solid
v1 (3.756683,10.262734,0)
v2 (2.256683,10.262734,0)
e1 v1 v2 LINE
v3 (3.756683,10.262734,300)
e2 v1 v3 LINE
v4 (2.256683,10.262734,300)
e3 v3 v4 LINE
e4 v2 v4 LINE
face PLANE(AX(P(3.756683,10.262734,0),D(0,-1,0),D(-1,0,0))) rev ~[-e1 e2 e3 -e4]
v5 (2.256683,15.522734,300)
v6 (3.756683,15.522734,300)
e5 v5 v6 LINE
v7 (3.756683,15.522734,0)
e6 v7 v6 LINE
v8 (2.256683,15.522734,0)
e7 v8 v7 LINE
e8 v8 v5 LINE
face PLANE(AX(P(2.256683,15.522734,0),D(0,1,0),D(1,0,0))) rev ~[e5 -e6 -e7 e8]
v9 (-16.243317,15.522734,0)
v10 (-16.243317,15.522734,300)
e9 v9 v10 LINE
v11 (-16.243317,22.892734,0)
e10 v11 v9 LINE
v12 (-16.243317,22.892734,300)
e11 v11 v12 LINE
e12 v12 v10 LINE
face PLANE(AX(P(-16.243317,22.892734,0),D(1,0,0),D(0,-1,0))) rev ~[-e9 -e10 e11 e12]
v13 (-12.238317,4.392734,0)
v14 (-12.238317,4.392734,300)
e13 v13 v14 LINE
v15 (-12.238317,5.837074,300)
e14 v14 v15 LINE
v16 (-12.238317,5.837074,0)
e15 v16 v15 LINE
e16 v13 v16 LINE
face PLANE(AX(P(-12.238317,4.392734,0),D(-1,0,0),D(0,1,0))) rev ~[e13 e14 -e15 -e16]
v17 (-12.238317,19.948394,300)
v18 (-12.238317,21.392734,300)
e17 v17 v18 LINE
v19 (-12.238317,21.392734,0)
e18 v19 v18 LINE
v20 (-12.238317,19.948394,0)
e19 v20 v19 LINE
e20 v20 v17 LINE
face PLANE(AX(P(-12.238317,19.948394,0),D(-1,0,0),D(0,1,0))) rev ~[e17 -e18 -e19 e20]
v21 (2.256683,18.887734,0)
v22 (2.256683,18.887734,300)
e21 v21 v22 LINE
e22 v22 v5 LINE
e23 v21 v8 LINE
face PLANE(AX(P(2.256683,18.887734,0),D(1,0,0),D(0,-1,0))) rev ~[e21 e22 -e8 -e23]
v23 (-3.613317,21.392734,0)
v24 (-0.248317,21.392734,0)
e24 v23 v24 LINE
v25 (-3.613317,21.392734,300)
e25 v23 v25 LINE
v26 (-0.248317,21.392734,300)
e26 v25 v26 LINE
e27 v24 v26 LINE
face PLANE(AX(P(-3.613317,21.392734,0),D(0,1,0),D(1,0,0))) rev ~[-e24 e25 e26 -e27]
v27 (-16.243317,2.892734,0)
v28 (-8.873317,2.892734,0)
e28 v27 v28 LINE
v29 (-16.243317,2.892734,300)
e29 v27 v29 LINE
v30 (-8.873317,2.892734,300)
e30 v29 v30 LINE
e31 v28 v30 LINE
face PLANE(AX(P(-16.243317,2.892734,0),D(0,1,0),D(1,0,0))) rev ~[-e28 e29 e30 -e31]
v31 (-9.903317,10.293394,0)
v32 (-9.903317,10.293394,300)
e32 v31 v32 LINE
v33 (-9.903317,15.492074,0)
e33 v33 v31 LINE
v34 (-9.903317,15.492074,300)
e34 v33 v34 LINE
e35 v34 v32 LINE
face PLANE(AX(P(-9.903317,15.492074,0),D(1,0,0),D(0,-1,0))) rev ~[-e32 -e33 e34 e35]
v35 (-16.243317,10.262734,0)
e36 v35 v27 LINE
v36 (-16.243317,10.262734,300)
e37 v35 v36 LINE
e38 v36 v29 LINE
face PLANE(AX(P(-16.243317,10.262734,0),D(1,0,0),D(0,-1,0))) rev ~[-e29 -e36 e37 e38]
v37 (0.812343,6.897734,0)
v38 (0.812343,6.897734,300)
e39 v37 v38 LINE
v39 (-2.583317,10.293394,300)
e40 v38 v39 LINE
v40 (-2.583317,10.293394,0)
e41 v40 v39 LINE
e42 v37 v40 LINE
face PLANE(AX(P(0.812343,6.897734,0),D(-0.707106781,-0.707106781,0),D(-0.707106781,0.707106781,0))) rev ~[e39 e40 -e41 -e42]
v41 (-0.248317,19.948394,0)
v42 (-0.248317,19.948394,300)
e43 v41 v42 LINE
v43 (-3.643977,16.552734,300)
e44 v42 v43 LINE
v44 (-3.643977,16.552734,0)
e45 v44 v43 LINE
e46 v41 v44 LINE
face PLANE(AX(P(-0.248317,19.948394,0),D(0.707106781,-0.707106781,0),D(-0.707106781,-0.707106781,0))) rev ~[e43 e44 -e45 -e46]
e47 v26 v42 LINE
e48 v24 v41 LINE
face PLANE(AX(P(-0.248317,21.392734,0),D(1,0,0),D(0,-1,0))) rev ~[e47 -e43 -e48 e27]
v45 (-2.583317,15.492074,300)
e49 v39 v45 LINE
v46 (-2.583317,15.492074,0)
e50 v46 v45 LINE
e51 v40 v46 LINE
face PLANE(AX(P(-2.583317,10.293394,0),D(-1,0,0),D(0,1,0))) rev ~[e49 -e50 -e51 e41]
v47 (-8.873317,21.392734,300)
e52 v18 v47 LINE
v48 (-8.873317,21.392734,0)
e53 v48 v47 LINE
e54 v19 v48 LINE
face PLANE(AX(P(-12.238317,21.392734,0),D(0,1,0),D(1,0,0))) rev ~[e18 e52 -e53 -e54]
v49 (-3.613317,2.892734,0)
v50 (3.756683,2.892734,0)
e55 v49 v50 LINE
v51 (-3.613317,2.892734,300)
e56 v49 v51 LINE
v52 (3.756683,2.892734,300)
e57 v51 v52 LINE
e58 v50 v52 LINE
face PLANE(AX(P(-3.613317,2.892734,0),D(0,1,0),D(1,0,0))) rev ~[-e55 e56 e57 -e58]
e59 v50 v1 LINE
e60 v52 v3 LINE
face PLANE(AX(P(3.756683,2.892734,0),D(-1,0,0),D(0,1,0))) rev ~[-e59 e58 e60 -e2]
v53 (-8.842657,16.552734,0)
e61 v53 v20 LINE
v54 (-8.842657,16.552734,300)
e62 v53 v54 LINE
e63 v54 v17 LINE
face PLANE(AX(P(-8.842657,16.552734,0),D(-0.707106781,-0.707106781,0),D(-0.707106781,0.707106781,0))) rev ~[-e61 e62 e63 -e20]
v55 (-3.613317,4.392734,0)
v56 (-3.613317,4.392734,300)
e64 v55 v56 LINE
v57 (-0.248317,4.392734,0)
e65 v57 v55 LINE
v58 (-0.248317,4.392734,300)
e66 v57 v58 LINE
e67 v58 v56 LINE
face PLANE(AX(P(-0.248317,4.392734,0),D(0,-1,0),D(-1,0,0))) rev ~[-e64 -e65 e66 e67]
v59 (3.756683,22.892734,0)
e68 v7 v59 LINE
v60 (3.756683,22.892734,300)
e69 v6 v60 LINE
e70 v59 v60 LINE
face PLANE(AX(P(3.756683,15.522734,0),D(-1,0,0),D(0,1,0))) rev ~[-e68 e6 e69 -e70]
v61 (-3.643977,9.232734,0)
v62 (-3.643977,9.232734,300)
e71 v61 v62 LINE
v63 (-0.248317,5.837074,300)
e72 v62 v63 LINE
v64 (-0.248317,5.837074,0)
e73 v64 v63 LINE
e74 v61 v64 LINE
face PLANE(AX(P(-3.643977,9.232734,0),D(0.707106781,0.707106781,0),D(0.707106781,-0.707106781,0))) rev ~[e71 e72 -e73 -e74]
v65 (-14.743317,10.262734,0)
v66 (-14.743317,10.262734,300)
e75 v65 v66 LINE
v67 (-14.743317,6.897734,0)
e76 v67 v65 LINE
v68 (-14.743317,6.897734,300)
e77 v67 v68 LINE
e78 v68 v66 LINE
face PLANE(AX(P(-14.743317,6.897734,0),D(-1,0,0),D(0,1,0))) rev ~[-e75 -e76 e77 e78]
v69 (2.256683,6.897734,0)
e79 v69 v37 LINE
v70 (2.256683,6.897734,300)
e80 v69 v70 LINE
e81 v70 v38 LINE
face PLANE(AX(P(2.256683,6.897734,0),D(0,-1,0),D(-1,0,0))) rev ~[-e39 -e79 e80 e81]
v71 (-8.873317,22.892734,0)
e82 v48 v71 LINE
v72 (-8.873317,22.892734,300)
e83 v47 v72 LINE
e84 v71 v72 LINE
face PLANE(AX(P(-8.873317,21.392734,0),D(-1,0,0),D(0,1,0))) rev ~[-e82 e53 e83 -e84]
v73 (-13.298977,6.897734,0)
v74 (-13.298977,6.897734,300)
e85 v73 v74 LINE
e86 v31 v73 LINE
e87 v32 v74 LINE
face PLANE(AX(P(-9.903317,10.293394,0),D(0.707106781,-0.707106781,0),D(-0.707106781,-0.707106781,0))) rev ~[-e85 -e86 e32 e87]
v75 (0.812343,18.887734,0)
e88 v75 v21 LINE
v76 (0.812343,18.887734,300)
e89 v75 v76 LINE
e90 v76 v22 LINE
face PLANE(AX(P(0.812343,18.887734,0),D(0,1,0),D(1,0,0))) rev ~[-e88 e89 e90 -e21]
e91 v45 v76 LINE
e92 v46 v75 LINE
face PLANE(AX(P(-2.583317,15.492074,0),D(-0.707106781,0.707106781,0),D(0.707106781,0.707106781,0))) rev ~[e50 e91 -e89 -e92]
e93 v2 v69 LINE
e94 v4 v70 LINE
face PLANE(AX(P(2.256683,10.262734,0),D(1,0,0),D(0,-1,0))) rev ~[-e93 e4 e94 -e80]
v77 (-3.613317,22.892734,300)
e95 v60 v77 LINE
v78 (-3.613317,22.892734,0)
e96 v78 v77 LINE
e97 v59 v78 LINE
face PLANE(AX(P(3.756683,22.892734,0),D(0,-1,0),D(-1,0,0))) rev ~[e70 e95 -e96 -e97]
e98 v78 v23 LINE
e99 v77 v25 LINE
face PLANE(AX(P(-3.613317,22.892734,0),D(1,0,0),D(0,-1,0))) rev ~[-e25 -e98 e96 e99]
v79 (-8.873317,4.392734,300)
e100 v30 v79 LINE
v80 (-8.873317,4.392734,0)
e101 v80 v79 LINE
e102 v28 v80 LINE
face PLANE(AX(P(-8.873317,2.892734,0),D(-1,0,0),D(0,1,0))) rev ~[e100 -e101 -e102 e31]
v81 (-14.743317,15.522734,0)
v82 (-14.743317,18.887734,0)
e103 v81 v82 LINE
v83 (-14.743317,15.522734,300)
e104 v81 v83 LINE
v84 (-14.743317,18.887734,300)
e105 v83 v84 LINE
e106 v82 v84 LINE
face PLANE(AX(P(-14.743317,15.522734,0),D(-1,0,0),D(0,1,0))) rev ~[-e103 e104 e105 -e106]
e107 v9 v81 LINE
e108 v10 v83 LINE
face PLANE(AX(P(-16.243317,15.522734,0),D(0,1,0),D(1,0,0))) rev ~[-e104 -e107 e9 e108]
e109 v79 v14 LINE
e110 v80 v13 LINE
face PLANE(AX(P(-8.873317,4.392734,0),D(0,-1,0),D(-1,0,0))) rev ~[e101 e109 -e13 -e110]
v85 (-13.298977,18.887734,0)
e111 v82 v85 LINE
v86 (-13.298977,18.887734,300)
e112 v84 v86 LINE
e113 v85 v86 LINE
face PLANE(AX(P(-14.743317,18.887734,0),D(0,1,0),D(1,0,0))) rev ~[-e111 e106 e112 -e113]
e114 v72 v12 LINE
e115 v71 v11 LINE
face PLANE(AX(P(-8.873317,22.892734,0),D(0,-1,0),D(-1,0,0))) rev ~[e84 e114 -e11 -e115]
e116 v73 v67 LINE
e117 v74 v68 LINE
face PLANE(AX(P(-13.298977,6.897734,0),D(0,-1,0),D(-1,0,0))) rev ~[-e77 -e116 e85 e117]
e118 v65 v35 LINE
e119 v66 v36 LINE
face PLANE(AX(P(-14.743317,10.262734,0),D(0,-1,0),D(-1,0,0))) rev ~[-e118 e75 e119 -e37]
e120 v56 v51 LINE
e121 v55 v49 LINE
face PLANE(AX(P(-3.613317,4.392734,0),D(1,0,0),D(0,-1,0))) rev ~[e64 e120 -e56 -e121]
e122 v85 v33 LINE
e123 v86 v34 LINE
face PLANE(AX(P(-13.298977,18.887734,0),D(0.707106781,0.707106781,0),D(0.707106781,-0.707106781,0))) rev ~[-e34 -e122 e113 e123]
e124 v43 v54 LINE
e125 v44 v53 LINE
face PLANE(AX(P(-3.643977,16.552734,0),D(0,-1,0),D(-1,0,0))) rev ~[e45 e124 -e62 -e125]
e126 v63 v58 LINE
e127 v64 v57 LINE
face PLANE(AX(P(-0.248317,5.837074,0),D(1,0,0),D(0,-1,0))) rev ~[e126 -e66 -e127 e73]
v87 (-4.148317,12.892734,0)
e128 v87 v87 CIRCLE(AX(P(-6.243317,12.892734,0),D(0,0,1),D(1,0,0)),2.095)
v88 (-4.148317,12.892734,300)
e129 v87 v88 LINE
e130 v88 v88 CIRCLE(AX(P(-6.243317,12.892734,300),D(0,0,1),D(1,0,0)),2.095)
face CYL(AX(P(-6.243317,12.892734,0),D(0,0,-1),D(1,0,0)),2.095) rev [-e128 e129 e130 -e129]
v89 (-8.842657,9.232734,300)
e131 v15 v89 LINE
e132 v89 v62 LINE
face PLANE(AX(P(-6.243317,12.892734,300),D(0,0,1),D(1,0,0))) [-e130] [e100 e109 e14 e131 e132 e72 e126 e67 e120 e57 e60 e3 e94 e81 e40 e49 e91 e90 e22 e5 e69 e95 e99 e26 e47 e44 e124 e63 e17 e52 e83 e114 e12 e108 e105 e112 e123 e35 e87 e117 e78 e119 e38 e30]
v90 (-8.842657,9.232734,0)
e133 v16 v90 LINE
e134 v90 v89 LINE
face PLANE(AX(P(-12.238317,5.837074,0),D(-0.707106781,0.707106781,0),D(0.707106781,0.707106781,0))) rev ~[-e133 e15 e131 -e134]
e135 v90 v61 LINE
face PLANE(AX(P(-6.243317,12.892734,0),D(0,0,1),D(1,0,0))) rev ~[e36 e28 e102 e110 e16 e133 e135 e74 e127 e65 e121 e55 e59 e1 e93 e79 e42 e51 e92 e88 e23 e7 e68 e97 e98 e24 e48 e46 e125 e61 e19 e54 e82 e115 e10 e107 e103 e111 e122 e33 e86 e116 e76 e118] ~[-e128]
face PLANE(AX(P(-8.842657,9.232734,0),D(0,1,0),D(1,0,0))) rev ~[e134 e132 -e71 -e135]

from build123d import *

# Parameters (mm, degrees)
ESQUISSE1_R        = 2.095
BOSS_EXTRU_1_DEPTH = 300


with BuildPart() as part:
    # Esquisse1 → Boss.-Extru.1 (new body)
    with BuildSketch(Plane.XY):
        Polygon((-3.643976848, 16.5527337), (-8.842656504, 16.5527337), (-12.238316676, 19.948393872), (-12.238316676, 21.3927337), (-8.873316676, 21.3927337), (-8.873316676, 22.8927337), (-16.243316676, 22.8927337), (-16.243316676, 15.5227337), (-14.743316676, 15.5227337), (-14.743316676, 18.8877337), (-13.298976848, 18.8877337), (-9.903316676, 15.492073528), (-9.903316676, 10.293393872), (-13.298976848, 6.8977337), (-14.743316676, 6.8977337), (-14.743316676, 10.2627337), (-16.243316676, 10.2627337), (-16.243316676, 2.8927337), (-8.873316676, 2.8927337), (-8.873316676, 4.3927337), (-12.238316676, 4.3927337), (-12.238316676, 5.837073528), (-8.842656504, 9.2327337), (-3.643976848, 9.2327337), (-0.248316676, 5.837073528), (-0.248316676, 4.3927337), (-3.613316676, 4.3927337), (-3.613316676, 2.8927337), (3.756683324, 2.8927337), (3.756683324, 10.2627337), (2.256683324, 10.2627337), (2.256683324, 6.8977337), (0.812343496, 6.8977337), (-2.583316676, 10.293393872), (-2.583316676, 15.492073528), (0.812343496, 18.8877337), (2.256683324, 18.8877337), (2.256683324, 15.5227337), (3.756683324, 15.5227337), (3.756683324, 22.8927337), (-3.613316676, 22.8927337), (-3.613316676, 21.3927337), (-0.248316676, 21.3927337), (-0.248316676, 19.948393872), align=None)
        with Locations((-6.243316676, 12.8927337)):
            Circle(ESQUISSE1_R, mode=Mode.SUBTRACT)
    extrude(amount=BOSS_EXTRU_1_DEPTH)


solid = part.part
